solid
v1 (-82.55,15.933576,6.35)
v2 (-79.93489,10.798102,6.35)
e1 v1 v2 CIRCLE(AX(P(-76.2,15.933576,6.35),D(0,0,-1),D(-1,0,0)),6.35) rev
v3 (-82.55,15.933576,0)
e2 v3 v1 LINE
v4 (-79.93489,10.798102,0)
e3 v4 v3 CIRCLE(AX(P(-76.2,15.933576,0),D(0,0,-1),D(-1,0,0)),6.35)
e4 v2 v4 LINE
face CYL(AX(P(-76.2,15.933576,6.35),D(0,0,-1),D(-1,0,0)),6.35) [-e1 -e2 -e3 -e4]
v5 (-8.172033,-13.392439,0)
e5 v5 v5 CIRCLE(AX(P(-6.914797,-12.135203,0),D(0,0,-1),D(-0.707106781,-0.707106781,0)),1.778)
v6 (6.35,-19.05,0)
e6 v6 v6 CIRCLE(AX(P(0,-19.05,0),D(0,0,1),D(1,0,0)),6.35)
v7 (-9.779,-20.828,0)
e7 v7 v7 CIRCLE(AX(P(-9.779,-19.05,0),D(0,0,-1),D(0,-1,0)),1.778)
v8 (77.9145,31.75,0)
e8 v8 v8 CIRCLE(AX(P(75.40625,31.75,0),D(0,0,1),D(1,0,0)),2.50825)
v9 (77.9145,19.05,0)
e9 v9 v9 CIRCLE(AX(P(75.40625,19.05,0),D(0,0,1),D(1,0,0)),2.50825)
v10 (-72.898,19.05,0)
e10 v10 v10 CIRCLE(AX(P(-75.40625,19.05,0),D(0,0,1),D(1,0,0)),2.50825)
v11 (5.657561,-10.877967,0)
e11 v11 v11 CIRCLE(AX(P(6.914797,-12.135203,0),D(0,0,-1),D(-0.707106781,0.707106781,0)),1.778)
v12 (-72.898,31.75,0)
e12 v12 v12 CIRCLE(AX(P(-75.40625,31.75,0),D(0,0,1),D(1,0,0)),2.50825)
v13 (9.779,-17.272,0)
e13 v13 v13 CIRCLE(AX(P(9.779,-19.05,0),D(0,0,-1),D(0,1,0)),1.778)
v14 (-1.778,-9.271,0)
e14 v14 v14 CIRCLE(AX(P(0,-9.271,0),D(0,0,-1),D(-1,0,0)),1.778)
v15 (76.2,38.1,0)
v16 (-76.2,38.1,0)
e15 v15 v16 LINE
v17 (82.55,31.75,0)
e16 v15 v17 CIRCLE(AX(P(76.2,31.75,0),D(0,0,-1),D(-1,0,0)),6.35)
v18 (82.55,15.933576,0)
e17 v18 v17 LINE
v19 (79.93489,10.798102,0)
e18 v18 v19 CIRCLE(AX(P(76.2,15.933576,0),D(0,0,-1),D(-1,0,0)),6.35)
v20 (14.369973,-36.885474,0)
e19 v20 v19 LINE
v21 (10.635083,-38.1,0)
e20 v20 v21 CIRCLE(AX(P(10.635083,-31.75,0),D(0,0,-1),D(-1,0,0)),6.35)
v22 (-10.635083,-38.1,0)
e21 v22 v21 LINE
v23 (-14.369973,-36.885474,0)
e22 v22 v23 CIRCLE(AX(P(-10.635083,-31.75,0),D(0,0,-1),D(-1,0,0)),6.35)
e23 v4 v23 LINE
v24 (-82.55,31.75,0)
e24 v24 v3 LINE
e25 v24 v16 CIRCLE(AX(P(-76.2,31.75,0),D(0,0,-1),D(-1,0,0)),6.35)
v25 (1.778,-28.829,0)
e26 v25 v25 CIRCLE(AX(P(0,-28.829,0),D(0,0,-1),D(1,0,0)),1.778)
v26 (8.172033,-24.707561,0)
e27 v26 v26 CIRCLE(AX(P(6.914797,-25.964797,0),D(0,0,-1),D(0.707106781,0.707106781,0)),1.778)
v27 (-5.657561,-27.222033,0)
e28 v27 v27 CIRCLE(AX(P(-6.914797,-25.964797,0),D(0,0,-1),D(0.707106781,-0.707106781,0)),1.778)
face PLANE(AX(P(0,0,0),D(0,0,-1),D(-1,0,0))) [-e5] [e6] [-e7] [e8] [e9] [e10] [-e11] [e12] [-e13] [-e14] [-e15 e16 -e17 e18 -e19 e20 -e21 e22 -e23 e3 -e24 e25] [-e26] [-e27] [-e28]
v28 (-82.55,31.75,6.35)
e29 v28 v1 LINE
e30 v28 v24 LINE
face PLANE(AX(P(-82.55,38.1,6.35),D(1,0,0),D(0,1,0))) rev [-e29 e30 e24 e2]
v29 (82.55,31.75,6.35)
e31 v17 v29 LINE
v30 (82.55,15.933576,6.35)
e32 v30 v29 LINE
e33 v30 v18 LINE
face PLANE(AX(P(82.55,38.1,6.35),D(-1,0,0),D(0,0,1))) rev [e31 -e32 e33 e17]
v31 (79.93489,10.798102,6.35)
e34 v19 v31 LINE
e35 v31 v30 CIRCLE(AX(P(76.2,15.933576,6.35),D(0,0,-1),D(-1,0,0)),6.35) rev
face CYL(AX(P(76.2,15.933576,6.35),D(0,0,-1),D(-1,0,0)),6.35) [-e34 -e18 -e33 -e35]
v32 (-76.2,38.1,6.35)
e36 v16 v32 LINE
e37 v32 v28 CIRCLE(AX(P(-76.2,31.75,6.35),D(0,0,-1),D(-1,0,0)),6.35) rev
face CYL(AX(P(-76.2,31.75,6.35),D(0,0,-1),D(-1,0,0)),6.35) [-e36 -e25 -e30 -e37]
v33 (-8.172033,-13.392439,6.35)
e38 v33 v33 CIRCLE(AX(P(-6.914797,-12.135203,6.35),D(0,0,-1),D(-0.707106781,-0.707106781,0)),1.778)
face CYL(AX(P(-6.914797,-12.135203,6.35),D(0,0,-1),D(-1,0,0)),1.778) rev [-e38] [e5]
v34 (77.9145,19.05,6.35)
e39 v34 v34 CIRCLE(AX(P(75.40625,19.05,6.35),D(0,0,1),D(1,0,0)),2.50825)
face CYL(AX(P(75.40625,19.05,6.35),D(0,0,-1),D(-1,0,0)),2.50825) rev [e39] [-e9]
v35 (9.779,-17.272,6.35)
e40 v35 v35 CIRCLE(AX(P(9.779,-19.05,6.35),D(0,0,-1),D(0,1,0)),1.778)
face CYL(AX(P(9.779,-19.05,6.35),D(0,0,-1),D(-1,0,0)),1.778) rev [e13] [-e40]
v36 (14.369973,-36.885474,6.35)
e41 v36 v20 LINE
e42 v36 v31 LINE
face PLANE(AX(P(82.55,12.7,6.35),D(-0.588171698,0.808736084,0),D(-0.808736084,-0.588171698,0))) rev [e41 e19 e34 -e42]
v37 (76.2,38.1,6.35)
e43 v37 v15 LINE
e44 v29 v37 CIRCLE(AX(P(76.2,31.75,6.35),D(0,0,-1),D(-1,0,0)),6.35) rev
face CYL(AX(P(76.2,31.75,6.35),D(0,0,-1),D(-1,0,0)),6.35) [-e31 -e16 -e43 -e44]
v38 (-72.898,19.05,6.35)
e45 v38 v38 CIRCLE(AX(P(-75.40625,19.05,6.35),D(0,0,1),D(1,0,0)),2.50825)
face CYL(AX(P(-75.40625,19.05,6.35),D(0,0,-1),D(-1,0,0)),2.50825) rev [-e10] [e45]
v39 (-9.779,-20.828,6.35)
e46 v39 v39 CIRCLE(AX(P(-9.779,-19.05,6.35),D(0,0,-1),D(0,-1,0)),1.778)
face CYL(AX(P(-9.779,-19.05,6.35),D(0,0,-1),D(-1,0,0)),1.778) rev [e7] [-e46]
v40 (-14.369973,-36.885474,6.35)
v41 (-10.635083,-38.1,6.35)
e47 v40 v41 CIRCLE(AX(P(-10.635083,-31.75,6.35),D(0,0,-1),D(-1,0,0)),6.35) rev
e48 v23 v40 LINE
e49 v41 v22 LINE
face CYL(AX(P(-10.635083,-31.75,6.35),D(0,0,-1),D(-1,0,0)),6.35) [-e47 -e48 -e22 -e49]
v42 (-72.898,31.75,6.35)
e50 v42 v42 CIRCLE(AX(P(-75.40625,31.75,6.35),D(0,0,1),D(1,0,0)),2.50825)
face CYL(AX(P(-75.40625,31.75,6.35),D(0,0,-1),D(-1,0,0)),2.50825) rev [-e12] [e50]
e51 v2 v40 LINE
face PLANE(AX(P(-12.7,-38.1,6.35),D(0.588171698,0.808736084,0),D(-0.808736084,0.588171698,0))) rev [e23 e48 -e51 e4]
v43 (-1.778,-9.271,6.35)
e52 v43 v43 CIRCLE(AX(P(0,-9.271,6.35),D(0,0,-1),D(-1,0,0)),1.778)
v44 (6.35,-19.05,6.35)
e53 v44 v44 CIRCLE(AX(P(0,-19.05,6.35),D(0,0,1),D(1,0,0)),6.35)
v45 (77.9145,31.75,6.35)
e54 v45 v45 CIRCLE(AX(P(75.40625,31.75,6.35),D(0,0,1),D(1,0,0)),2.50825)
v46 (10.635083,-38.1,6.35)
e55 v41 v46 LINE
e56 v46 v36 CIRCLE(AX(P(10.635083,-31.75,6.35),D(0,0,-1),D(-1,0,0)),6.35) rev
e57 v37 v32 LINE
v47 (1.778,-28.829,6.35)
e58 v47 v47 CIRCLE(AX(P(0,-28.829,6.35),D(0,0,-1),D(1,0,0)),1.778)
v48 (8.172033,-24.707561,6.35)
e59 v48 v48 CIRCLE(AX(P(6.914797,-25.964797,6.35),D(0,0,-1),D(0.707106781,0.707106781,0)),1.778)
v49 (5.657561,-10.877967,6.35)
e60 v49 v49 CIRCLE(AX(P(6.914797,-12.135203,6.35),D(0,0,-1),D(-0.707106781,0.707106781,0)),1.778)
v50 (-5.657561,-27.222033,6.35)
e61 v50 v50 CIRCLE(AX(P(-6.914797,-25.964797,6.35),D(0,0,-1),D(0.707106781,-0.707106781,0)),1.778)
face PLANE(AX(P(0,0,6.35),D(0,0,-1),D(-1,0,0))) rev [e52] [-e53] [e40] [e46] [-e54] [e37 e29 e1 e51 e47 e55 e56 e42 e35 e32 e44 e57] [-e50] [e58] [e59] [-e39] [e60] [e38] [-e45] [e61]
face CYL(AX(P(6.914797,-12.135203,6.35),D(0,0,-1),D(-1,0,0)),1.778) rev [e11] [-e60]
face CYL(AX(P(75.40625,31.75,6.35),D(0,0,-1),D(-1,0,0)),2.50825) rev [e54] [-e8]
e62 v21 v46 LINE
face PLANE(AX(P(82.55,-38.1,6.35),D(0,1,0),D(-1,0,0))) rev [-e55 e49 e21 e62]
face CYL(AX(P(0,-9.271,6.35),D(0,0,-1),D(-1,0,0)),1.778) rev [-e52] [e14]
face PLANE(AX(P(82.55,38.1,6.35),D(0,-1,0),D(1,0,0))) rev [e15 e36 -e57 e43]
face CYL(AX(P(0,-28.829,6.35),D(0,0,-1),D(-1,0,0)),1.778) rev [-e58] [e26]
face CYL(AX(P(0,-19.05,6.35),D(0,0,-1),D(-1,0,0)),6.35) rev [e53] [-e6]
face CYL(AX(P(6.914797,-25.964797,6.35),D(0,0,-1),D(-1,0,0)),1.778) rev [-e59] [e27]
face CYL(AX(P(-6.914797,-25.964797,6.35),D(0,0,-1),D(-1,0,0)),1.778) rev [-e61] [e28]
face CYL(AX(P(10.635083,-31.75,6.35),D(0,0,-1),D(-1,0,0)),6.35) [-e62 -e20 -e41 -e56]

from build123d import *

# Parameters (mm, degrees)
SKETCH1_W           = 165.1
SKETCH1_H           = 76.2
SKETCH1_R           = 6.35
SKETCH1_R_2         = 2.50825
BOSS_EXTRUDE1_DEPTH = 6.35
CUT_EXTRUDE1_DEPTH  = 6.35
FILLET1_R           = 6.35
SKETCH3_R           = 1.778
CUT_EXTRUDE2_DEPTH  = 6.35
CIRPATTERN1_COUNT   = 8


with BuildPart() as part:
    # Sketch1 → Boss-Extrude1 (new body)
    with BuildSketch(Plane.XY):
        Rectangle(SKETCH1_W, SKETCH1_H)
        with Locations((0, -19.05)):
            Circle(SKETCH1_R, mode=Mode.SUBTRACT)
        with Locations((-75.40625, 31.75)):
            Circle(SKETCH1_R_2, mode=Mode.SUBTRACT)
        with Locations((75.40625, 31.75)):
            Circle(SKETCH1_R_2, mode=Mode.SUBTRACT)
        with Locations((75.40625, 19.05)):
            Circle(SKETCH1_R_2, mode=Mode.SUBTRACT)
        with Locations((-75.40625, 19.05)):
            Circle(SKETCH1_R_2, mode=Mode.SUBTRACT)
    extrude(amount=BOSS_EXTRUDE1_DEPTH)

    # Sketch2 → Cut-Extrude1 (cut)
    with BuildSketch(Plane(origin=(0, 0, 0), x_dir=(-1, 0, 0), z_dir=(0, 0, -1))):
        Polygon((12.7, -38.1), (82.55, 12.7), (82.55, -38.1), align=None)
        Polygon((-82.55, -38.1), (-82.55, 12.7), (-12.7, -38.1), align=None)
    extrude(amount=-CUT_EXTRUDE1_DEPTH, mode=Mode.SUBTRACT)

    # Fillet1
    fillet1_edges = [part.edges().sort_by_distance(p)[0] for p in [
        (-12.7, -38.1, 3.175),
        (-82.55, 12.7, 3.175),
        (12.7, -38.1, 3.175),
        (82.55, 12.7, 3.175),
        (-82.55, 38.1, 3.175),
        (82.55, 38.1, 3.175),
    ]]
    fillet(fillet1_edges, radius=FILLET1_R)

    # Sketch3 → Cut-Extrude2 (cut)
    with BuildSketch(Plane(origin=(0, 0, 0), x_dir=(-1, 0, 0), z_dir=(0, 0, -1))):
        with Locations((0, -9.271)):
            Circle(SKETCH3_R)
    cut_extrude2 = extrude(amount=-CUT_EXTRUDE2_DEPTH, mode=Mode.SUBTRACT)

    # CirPattern1: Cut-Extrude2 ×8 about axis
    cirpattern1_axis = Axis((0, -19.05, 0), (0, 0, 1))
    for i in range(1, CIRPATTERN1_COUNT):
        add(cut_extrude2.rotate(cirpattern1_axis, i * 360 / CIRPATTERN1_COUNT), mode=Mode.SUBTRACT)


solid = part.part
